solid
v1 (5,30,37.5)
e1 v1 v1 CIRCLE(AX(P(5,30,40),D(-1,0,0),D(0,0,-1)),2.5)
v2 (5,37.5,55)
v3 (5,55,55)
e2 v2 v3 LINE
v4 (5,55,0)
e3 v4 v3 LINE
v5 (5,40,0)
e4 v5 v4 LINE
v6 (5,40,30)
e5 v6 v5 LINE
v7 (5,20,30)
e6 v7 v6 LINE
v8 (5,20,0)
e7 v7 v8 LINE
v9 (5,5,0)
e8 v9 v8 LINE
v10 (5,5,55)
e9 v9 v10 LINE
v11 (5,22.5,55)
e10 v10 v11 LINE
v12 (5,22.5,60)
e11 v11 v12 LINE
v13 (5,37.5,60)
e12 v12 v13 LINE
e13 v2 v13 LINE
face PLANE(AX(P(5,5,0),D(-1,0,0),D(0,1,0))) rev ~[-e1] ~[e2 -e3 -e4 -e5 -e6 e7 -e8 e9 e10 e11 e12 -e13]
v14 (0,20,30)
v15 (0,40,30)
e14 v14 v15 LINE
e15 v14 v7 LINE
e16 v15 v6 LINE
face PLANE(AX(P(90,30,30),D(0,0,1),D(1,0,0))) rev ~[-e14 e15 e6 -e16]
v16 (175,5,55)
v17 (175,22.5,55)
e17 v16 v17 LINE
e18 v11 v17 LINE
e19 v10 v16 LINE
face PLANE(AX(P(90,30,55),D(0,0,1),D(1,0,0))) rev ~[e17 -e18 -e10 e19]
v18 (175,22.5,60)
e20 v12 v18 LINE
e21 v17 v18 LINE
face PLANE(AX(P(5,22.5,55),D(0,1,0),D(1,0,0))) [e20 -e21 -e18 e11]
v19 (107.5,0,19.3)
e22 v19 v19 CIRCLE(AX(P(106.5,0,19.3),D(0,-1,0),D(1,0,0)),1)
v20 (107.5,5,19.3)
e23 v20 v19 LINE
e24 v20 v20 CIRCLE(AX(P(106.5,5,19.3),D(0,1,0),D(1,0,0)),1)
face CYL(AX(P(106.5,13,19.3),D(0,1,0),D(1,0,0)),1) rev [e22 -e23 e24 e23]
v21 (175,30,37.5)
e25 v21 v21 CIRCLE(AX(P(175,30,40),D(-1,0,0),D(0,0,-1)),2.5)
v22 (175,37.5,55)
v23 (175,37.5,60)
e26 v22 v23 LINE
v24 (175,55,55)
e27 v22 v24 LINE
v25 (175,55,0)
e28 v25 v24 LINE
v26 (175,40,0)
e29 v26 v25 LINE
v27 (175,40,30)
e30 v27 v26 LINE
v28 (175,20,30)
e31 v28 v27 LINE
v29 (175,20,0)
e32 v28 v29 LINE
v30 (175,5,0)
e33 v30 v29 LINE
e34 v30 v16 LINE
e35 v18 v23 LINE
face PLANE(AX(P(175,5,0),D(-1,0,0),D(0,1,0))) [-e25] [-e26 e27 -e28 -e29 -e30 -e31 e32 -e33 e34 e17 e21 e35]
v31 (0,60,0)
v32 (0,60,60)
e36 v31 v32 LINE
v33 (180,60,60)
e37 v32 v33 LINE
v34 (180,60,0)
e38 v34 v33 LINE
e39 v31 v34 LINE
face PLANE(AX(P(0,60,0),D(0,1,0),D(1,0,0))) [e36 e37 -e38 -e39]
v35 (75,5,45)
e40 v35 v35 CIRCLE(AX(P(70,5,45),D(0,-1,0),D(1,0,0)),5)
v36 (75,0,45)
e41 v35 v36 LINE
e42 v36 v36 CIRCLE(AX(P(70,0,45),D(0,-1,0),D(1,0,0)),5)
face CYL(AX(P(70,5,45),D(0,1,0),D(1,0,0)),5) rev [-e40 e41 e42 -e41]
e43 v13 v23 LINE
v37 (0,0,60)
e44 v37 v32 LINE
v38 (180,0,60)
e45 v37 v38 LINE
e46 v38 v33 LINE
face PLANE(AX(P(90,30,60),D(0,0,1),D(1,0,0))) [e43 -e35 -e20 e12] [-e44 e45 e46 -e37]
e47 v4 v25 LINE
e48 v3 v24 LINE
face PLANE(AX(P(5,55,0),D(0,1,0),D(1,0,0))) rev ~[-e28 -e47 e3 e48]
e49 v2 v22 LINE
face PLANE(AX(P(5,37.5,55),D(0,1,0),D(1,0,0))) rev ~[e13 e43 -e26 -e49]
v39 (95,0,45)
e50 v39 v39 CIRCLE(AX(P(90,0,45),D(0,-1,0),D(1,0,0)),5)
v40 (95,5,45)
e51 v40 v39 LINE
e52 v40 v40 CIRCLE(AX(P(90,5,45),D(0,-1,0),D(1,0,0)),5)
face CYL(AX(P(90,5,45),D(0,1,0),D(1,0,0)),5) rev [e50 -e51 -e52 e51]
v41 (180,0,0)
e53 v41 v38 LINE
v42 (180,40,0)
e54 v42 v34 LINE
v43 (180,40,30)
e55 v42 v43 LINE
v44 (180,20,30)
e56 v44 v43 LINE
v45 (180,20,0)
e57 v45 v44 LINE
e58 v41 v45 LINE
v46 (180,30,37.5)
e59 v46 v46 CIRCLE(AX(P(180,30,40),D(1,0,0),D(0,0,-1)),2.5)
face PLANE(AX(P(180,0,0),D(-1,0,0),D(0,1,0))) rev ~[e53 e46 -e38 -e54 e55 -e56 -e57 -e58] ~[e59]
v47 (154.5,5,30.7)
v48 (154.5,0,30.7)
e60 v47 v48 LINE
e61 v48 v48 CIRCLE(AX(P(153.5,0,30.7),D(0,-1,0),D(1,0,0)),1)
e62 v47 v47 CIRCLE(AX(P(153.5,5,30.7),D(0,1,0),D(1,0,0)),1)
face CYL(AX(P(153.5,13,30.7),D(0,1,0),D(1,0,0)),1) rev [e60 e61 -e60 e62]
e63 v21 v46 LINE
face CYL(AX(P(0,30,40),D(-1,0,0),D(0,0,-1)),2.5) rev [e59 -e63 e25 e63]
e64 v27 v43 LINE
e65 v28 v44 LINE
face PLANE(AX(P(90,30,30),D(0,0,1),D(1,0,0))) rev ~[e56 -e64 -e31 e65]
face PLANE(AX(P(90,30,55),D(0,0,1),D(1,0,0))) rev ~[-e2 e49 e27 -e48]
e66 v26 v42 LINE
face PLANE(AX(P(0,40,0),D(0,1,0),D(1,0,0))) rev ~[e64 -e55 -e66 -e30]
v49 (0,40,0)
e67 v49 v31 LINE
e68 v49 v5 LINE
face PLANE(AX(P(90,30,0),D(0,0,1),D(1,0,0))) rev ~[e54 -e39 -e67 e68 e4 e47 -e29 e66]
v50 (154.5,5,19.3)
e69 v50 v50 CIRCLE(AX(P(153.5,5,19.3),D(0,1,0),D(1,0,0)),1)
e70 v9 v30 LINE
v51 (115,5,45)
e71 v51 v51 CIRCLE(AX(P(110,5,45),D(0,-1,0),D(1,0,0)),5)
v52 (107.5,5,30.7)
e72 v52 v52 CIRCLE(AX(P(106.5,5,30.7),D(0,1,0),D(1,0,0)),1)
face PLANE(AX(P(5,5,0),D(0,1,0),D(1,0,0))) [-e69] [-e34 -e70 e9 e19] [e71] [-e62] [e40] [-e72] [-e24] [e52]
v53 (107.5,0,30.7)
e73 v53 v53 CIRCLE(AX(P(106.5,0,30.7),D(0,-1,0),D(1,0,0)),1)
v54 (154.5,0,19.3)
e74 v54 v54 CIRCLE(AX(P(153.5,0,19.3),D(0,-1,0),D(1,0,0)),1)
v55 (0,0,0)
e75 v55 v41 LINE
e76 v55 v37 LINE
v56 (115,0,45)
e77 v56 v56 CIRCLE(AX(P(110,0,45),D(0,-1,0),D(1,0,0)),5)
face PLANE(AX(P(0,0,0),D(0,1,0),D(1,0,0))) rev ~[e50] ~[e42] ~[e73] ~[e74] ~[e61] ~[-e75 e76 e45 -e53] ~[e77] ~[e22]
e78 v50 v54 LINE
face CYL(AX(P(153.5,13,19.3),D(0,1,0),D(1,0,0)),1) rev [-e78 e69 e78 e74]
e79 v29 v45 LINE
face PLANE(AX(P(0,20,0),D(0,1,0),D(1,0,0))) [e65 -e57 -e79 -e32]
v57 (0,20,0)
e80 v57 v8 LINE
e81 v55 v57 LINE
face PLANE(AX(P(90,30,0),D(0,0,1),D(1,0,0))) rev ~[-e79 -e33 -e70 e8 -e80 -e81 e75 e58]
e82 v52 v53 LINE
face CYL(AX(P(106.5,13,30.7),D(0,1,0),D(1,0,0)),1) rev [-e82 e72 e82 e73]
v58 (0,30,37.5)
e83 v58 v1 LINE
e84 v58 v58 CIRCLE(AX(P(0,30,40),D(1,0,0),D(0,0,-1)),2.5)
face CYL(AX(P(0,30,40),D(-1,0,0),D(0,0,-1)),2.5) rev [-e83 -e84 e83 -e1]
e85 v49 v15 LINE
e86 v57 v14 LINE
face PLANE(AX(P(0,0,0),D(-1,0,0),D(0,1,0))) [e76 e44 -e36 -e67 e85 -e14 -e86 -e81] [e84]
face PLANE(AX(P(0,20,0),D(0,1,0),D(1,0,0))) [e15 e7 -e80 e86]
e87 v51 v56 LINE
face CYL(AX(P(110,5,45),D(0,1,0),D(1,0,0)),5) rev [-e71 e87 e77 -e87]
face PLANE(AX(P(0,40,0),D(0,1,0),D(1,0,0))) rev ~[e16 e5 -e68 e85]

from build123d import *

# Parameters (mm, degrees)
CYLINDER010_R     = 5
CYLINDER010_DEPTH = 5
CYLINDER009_R     = 5
CYLINDER009_DEPTH = 5
CYLINDER008_R     = 5
CYLINDER008_DEPTH = 5
CYLINDER005_R     = 1
CYLINDER005_DEPTH = 13
CYLINDER006_R     = 1
CYLINDER006_DEPTH = 13
CYLINDER007_R     = 1
CYLINDER007_DEPTH = 13
CYLINDER004_R     = 1
CYLINDER004_DEPTH = 13
CYLINDER_R        = 2.5
CYLINDER_DEPTH    = 180
BOX003_W          = 170
BOX003_H          = 15
BOX003_DEPTH      = 5
BOX002_W          = 180
BOX002_H          = 20
BOX002_DEPTH      = 30
BOX_W             = 170
BOX_H             = 50
BOX_DEPTH         = 55
BOX001_W          = 180
BOX001_H          = 60
BOX001_DEPTH      = 60


with BuildPart() as led3:
    # Cylinder010 → Cylinder010 (new body)
    with BuildSketch(Plane(origin=(110, 5, 45), x_dir=(1, 0, 0), z_dir=(0, -1, 0))):
        Circle(CYLINDER010_R)
    extrude(amount=CYLINDER010_DEPTH)


with BuildPart() as led2:
    # Cylinder009 → Cylinder009 (new body)
    with BuildSketch(Plane(origin=(70, 5, 45), x_dir=(1, 0, 0), z_dir=(0, -1, 0))):
        Circle(CYLINDER009_R)
    extrude(amount=CYLINDER009_DEPTH)


with BuildPart() as leds:
    # Cylinder008 → Cylinder008 (new body)
    with BuildSketch(Plane(origin=(90, 5, 45), x_dir=(1, 0, 0), z_dir=(0, -1, 0))):
        Circle(CYLINDER008_R)
    extrude(amount=CYLINDER008_DEPTH)

    # Fusion002: union LED3, LED2
    add(led3.part)
    add(led2.part)


with BuildPart() as topleft:
    # Cylinder005 → Cylinder005 (new body)
    with BuildSketch(Plane(origin=(106.5, 14, 30.7), x_dir=(1, 0, 0), z_dir=(0, -1, 0))):
        Circle(CYLINDER005_R)
    extrude(amount=CYLINDER005_DEPTH)


with BuildPart() as bottomright:
    # Cylinder006 → Cylinder006 (new body)
    with BuildSketch(Plane(origin=(153.5, 14, 19.3), x_dir=(1, 0, 0), z_dir=(0, -1, 0))):
        Circle(CYLINDER006_R)
    extrude(amount=CYLINDER006_DEPTH)


with BuildPart() as bottomleft:
    # Cylinder007 → Cylinder007 (new body)
    with BuildSketch(Plane(origin=(153.5, 14, 30.7), x_dir=(1, 0, 0), z_dir=(0, -1, 0))):
        Circle(CYLINDER007_R)
    extrude(amount=CYLINDER007_DEPTH)


with BuildPart() as fusion001:
    # Cylinder004 → Cylinder004 (new body)
    with BuildSketch(Plane(origin=(106.5, 14, 19.3), x_dir=(1, 0, 0), z_dir=(0, -1, 0))):
        Circle(CYLINDER004_R)
    extrude(amount=CYLINDER004_DEPTH)

    # Fusion001: union TopLeft, BottomRight, BottomLeft
    add(topleft.part)
    add(bottomright.part)
    add(bottomleft.part)


with BuildPart() as fusion001_1:
    # Fusion001 placement: moved
    add(fusion001.part.moved(Location((0, -1, 0))))


with BuildPart() as cylinder:
    # Cylinder → Cylinder (new body)
    with BuildSketch(Plane(origin=(0, 30, 40), x_dir=(0, 0, -1), z_dir=(1, 0, 0))):
        Circle(CYLINDER_R)
    extrude(amount=CYLINDER_DEPTH)


with BuildPart() as cube003:
    # Box003 → Box003 (new body)
    with BuildSketch(Plane(origin=(5, 22.5, 55), x_dir=(1, 0, 0), z_dir=(0, 0, 1))):
        with Locations((85, 7.5)):
            Rectangle(BOX003_W, BOX003_H)
    extrude(amount=BOX003_DEPTH)


with BuildPart() as cube002:
    # Box002 → Box002 (new body)
    with BuildSketch(Plane(origin=(0, 20, 0), x_dir=(1, 0, 0), z_dir=(0, 0, 1))):
        with Locations((90, 10)):
            Rectangle(BOX002_W, BOX002_H)
    extrude(amount=BOX002_DEPTH)


with BuildPart() as cube:
    # Box → Box (new body)
    with BuildSketch(Plane(origin=(5, 5, 0), x_dir=(1, 0, 0), z_dir=(0, 0, 1))):
        with Locations((85, 25)):
            Rectangle(BOX_W, BOX_H)
    extrude(amount=BOX_DEPTH)


with BuildPart() as cut007:
    # Box001 → Box001 (new body)
    with BuildSketch(Plane.XY):
        with Locations((90, 30)):
            Rectangle(BOX001_W, BOX001_H)
    extrude(amount=BOX001_DEPTH)

    # Cut: cut Cube
    add(cube.part, mode=Mode.SUBTRACT)

    # Cut001: cut Cube002
    add(cube002.part, mode=Mode.SUBTRACT)

    # Cut002: cut Cube003
    add(cube003.part, mode=Mode.SUBTRACT)

    # Cut003: cut Cylinder
    add(cylinder.part, mode=Mode.SUBTRACT)

    # Cut006: cut Fusion001
    add(fusion001_1.part, mode=Mode.SUBTRACT)

    # Cut007: cut LEDs
    add(leds.part, mode=Mode.SUBTRACT)


solid = cut007.part
